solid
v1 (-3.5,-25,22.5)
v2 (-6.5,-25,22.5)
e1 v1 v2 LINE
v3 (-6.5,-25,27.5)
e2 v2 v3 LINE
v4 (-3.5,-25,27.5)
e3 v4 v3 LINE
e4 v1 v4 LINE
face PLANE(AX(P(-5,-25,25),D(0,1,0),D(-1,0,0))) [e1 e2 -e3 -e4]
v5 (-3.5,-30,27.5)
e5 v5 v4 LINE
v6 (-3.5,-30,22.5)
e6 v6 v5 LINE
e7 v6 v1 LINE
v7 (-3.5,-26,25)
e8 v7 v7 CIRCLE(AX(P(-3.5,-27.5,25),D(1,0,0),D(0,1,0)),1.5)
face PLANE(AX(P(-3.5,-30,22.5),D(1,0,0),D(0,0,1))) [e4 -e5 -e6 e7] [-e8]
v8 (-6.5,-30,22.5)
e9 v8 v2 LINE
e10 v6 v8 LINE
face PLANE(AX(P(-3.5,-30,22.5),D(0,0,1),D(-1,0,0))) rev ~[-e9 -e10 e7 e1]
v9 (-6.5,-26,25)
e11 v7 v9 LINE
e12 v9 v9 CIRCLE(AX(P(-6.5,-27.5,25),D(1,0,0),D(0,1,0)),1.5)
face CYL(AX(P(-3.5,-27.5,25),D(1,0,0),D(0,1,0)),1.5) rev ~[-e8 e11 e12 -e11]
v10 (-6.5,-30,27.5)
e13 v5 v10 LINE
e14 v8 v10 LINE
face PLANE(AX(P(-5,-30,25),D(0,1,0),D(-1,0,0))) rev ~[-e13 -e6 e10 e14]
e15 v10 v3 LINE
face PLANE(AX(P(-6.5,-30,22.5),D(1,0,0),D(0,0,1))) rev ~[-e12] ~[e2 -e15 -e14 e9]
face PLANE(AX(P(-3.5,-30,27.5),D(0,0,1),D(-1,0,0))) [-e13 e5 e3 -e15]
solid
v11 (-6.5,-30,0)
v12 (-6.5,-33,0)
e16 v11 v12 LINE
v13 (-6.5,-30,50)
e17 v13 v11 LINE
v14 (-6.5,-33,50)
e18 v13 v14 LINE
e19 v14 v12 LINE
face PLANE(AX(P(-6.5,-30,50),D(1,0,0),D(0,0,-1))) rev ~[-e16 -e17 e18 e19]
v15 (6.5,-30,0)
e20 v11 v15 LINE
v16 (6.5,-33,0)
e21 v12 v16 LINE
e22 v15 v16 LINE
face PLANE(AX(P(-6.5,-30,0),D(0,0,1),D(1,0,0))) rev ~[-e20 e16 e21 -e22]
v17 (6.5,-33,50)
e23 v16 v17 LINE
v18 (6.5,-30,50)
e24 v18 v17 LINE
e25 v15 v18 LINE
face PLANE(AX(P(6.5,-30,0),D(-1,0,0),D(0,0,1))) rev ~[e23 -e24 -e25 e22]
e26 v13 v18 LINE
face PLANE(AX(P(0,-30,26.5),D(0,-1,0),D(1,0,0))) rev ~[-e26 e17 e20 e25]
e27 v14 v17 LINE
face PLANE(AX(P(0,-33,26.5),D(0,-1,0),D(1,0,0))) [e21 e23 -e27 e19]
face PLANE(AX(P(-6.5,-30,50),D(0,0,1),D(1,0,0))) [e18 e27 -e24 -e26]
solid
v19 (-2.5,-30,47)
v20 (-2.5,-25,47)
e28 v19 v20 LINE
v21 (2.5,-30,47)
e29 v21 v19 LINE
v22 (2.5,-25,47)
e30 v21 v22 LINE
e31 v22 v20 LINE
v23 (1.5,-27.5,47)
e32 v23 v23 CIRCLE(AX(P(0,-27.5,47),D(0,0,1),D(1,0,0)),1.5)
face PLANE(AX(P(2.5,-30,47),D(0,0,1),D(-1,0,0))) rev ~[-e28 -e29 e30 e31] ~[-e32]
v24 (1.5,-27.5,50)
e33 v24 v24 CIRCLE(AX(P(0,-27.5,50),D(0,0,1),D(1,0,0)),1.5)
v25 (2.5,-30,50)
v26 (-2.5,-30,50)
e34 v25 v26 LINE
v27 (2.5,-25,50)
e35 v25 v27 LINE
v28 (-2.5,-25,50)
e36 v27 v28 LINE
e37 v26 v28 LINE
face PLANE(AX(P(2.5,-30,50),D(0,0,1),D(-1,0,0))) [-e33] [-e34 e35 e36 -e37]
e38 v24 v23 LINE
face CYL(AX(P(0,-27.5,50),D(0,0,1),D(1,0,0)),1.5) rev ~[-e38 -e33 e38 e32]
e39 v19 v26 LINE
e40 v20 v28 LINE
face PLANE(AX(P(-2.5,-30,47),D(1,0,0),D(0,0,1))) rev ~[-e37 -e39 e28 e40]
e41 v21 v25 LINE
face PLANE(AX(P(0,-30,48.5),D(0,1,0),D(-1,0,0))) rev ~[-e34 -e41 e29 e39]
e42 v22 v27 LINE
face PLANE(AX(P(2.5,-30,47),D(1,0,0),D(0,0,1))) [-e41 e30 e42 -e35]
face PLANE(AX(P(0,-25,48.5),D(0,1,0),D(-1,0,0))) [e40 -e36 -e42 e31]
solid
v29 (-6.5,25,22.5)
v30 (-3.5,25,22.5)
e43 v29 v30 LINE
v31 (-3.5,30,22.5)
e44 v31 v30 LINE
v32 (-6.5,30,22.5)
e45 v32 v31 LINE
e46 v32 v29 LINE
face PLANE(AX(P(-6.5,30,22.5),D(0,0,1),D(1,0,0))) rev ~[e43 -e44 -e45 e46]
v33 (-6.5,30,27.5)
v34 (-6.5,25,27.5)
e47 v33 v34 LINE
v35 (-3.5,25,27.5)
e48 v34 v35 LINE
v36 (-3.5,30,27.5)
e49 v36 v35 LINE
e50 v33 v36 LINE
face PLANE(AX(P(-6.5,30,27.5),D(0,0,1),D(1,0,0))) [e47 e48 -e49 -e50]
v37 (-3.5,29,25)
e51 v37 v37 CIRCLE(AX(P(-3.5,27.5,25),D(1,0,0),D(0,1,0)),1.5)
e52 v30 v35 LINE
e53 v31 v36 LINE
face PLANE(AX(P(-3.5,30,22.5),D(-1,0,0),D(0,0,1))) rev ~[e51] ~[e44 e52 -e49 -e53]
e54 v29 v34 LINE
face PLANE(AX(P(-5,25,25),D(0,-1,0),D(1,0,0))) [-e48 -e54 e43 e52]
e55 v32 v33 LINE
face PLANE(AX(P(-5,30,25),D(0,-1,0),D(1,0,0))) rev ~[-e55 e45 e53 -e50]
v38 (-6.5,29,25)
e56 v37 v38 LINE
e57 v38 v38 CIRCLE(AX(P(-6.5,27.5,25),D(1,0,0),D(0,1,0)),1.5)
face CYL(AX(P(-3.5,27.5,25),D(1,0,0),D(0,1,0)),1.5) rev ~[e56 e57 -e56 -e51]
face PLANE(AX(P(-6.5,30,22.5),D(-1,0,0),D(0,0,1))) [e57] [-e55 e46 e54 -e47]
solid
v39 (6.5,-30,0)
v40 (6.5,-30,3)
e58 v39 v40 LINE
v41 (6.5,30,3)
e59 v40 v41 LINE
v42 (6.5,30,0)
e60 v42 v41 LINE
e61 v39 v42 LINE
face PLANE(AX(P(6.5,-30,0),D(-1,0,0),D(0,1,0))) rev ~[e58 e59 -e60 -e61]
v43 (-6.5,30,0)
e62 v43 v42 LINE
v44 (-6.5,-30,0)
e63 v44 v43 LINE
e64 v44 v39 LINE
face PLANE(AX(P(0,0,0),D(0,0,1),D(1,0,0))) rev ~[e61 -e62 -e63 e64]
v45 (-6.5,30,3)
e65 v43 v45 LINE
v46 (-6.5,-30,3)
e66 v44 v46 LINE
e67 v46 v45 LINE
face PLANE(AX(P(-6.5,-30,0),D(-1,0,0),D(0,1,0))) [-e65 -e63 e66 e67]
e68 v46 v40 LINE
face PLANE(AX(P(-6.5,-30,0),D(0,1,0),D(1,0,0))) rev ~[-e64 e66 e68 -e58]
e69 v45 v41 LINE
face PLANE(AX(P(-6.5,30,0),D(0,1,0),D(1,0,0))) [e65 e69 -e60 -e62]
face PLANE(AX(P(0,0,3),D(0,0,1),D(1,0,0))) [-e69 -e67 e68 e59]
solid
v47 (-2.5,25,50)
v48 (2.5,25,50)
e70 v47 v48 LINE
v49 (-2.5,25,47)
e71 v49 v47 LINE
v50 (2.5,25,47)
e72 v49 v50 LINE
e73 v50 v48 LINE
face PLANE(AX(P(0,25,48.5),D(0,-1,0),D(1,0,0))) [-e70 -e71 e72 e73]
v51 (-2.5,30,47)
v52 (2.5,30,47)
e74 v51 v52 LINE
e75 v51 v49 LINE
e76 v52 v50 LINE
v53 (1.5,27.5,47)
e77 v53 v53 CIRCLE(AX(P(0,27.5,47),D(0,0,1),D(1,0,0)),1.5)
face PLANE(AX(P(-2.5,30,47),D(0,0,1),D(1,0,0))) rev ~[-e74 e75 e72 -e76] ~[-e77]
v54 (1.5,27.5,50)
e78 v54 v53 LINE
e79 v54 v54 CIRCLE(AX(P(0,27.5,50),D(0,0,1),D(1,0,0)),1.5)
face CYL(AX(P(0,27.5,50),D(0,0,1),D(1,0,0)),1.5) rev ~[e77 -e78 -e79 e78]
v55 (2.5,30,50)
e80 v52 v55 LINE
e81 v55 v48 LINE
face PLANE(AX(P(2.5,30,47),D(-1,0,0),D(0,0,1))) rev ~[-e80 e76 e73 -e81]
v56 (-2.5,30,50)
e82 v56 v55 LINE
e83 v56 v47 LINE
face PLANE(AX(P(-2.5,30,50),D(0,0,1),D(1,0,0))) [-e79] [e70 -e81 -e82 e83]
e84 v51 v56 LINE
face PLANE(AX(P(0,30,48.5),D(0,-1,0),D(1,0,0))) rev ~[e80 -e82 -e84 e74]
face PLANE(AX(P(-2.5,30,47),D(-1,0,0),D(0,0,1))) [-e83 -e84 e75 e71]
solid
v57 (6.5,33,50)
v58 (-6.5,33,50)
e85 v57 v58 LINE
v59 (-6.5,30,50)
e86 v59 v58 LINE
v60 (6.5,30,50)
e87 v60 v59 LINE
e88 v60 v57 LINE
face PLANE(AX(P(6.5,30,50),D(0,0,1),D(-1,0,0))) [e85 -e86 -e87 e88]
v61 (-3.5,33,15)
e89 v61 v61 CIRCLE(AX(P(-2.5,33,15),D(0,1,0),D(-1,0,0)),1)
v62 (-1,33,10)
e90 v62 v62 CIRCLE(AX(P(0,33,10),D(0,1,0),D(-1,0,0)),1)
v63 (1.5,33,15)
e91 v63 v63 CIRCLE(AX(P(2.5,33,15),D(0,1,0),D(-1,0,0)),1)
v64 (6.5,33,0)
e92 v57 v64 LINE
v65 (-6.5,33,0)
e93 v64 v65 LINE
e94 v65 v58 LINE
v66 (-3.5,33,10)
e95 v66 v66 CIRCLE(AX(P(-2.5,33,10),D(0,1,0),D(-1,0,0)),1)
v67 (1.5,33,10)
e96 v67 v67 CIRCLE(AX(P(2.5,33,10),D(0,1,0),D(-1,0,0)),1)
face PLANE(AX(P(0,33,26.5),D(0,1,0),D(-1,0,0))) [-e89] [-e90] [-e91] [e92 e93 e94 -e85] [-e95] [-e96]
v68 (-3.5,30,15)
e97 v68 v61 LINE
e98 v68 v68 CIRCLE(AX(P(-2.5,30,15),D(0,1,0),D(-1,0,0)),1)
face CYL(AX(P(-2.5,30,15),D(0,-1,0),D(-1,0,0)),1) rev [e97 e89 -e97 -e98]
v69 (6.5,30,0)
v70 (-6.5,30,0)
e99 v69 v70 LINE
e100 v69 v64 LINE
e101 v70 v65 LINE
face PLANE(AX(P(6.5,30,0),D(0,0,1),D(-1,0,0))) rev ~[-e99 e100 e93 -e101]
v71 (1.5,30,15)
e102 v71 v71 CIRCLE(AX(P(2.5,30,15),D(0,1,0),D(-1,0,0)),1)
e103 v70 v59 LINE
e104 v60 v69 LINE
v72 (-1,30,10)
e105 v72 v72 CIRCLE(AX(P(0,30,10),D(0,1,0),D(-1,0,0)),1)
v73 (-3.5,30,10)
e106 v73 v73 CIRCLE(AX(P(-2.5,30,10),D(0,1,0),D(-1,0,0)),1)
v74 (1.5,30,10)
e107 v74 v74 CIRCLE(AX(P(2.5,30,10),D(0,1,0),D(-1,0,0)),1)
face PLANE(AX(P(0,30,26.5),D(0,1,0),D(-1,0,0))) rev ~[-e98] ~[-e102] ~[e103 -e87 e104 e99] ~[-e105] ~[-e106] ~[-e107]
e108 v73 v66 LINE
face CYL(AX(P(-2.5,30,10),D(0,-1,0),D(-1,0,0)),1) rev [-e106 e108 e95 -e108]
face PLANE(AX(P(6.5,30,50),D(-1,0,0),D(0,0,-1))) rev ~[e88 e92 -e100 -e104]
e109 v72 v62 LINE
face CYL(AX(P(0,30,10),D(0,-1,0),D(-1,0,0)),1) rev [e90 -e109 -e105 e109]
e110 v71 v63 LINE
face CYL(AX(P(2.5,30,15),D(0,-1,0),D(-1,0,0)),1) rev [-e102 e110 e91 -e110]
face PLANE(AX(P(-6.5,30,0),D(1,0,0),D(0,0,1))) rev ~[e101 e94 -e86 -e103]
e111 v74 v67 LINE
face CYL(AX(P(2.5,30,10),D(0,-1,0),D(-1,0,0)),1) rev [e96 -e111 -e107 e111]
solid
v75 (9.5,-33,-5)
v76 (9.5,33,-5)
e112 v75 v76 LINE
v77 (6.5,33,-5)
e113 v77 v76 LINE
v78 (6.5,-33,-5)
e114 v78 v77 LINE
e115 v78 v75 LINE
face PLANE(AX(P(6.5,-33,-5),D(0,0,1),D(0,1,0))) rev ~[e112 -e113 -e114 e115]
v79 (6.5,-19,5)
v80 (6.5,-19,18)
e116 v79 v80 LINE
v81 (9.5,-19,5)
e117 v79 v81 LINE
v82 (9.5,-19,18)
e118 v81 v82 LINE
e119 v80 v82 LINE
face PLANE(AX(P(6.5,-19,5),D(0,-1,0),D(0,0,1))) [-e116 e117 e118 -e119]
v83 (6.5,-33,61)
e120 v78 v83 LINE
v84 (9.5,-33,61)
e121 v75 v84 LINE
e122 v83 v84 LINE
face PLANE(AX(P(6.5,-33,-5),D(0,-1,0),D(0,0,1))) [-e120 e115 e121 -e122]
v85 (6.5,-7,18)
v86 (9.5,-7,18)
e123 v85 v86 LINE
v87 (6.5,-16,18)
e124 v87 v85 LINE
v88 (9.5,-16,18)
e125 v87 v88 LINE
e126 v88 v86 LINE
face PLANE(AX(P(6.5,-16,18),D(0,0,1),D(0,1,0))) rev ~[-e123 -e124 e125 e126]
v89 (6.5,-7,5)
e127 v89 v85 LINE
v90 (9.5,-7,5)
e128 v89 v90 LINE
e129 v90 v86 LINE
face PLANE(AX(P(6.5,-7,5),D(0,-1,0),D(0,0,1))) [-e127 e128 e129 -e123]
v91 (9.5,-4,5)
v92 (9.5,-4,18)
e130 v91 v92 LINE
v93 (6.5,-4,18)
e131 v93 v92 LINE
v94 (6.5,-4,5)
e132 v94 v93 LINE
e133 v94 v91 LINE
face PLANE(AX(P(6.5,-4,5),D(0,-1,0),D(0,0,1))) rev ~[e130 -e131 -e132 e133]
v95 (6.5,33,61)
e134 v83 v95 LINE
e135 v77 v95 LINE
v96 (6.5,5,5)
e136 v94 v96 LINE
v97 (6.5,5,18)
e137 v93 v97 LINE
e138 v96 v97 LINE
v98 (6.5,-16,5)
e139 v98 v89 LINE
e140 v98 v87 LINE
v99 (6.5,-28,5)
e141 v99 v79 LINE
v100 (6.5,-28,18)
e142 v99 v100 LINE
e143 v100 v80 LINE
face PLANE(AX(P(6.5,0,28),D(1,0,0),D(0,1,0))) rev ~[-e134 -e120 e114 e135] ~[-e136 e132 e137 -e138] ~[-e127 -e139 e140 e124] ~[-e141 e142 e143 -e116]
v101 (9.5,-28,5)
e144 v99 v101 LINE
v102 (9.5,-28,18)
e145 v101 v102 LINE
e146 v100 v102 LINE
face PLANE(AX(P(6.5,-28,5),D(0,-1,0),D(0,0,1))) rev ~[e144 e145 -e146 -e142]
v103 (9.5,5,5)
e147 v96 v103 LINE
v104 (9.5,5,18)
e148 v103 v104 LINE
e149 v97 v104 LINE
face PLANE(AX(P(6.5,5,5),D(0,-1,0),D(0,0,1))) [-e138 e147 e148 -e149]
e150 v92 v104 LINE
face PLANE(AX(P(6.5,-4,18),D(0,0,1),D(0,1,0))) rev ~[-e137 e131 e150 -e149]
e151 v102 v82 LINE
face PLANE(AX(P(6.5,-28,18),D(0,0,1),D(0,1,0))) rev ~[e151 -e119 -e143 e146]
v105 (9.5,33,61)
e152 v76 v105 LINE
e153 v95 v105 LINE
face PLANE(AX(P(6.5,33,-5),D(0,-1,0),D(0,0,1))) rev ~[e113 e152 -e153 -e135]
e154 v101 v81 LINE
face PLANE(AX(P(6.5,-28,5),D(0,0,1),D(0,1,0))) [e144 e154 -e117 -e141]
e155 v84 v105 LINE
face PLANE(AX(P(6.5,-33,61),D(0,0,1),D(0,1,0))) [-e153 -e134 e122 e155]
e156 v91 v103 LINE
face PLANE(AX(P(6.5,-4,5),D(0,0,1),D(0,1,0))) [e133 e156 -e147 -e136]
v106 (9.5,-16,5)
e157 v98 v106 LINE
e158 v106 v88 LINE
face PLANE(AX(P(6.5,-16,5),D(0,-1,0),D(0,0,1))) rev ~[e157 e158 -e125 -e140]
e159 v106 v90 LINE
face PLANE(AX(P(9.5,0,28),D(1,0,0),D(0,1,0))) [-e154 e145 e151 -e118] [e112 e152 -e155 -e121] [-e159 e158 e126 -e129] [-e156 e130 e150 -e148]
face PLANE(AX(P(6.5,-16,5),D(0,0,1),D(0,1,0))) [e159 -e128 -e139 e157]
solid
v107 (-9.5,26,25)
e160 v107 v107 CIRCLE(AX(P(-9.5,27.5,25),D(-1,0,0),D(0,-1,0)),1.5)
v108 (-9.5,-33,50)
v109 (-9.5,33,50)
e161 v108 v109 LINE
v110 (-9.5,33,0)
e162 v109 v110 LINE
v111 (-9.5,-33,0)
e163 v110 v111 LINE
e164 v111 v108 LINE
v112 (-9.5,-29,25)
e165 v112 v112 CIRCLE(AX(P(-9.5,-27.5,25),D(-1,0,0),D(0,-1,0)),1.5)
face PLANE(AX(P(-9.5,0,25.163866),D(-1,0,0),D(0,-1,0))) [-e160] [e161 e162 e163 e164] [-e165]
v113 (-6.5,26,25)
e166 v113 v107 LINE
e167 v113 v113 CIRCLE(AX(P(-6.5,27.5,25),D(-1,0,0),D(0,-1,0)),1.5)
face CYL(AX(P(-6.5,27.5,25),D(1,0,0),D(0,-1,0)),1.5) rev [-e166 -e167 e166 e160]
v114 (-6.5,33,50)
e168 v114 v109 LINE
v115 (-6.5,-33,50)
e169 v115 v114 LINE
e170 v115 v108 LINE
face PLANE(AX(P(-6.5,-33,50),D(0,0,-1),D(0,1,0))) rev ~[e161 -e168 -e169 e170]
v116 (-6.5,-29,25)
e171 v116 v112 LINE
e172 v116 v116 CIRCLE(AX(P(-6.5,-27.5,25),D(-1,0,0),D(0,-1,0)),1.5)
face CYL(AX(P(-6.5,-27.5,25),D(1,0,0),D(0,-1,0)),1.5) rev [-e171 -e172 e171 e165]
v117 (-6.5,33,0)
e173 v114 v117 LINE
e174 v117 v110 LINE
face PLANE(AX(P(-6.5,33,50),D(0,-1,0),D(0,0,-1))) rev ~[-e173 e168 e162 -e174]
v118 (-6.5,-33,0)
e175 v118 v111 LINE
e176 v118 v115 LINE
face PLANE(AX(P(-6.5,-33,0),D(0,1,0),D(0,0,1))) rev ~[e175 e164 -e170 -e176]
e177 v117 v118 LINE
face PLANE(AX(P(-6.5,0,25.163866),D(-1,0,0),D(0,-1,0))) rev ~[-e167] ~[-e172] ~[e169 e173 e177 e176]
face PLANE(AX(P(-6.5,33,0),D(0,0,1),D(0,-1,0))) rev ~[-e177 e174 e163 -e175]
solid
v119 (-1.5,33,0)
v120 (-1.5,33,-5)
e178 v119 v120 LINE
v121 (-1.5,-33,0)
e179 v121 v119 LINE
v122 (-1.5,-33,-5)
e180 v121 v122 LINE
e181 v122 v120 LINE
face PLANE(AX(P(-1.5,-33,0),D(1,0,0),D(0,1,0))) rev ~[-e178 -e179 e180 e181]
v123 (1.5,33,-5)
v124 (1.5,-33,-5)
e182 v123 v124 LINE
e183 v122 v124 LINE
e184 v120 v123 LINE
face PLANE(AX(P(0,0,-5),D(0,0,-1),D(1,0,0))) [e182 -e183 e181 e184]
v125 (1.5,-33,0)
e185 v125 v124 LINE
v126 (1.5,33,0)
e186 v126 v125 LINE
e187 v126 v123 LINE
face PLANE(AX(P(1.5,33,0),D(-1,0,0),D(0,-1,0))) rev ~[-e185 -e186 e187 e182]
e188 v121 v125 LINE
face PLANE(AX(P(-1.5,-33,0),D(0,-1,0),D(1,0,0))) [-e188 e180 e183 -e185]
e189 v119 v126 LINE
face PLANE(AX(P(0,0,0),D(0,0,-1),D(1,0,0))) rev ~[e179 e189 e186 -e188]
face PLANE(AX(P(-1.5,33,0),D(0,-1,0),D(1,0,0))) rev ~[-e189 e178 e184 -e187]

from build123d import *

# Parameters (mm, degrees)
F0_W      = 13
F0_H      = 60
F1_DEPTH  = 3
F2_W      = 13
F2_H      = 47
F2_R      = 1
F2_H_2    = 3
F3_DEPTH  = 3
F4_W      = 13
F4_H      = 47
F4_H_2    = 3
F5_DEPTH  = 3
F6_W      = 66
F6_H      = 66
F6_W_2    = 9
F6_H_2    = 13
F6_W_3    = 60
F6_H_3    = 3
F7_DEPTH  = 3
F8_R      = 1.5
F8_W      = 60
F8_H      = 3
F9_DEPTH  = 3
F10_W     = 3
F10_H     = 60
F10_H_2   = 3
F11_DEPTH = 5
F12_W     = 5
F12_H     = 3
F13_DEPTH = 5
F12_W_2   = 3
F12_H_2   = 5
F14_R     = 1.5
F15_DEPTH = 3
F16_R     = 1.5
F17_DEPTH = 3
F18_W     = 3
F18_H     = 5
F19_DEPTH = 5
F18_W_2   = 5
F18_H_2   = 3
F20_R     = 1.5
F21_DEPTH = 3
F22_R     = 1.5
F23_DEPTH = 3


with BuildPart() as f1:
    # F0 (on Top) → F1 (new body)
    with BuildSketch(Plane.XY):
        Rectangle(F0_W, F0_H)
    extrude(amount=F1_DEPTH)


with BuildPart() as f3:
    # F2 (on face) → F3 (new body)
    with BuildSketch(Plane(origin=(0, 30, 0), x_dir=(-1, 0, 0), z_dir=(0, 1, 0))):
        with Locations((0, 26.5)):
            Rectangle(F2_W, F2_H)
        with Locations((-2.5, 10)):
            Circle(F2_R, mode=Mode.SUBTRACT)
        with Locations((-2.5, 15)):
            Circle(F2_R, mode=Mode.SUBTRACT)
        with Locations((0, 10)):
            Circle(F2_R, mode=Mode.SUBTRACT)
        with Locations((2.5, 10)):
            Circle(F2_R, mode=Mode.SUBTRACT)
        with Locations((2.5, 15)):
            Circle(F2_R, mode=Mode.SUBTRACT)
        with Locations((0, 1.5)):
            Rectangle(F2_W, F2_H_2)
    extrude(amount=F3_DEPTH)


with BuildPart() as f5:
    # F4 (on face) → F5 (new body)
    with BuildSketch(Plane.XZ.offset(30)):
        with Locations((0, 26.5)):
            Rectangle(F4_W, F4_H)
        with Locations((0, 1.5)):
            Rectangle(F4_W, F4_H_2)
    extrude(amount=F5_DEPTH)


with BuildPart() as f7:
    # F6 (on face) → F7 (new body)
    with BuildSketch(Plane.YZ.offset(6.5)):
        with Locations((0, 28)):
            Rectangle(F6_W, F6_H)
        with Locations((-23.5, 11.5)):
            Rectangle(F6_W_2, F6_H_2, mode=Mode.SUBTRACT)
        with Locations((-11.5, 11.5)):
            Rectangle(F6_W_2, F6_H_2, mode=Mode.SUBTRACT)
        with Locations((0, 1.5)):
            Rectangle(F6_W_3, F6_H_3, mode=Mode.SUBTRACT)
        with Locations((0.5, 11.5)):
            Rectangle(F6_W_2, F6_H_2, mode=Mode.SUBTRACT)
        with Locations((0, 1.5)):
            Rectangle(F6_W_3, F6_H_3)
    extrude(amount=F7_DEPTH)


with BuildPart() as f9:
    # F8 (on face) → F9 (new body)
    with BuildSketch(Plane(origin=(-6.5, 0, 0), x_dir=(0, -1, 0), z_dir=(-1, 0, 0))):
        Polygon((-33, 0), (-30, 0), (-30, 3), (30, 3), (30, 0), (33, 0), (33, 50), (-33, 50), align=None)
        with Locations((-27.5, 25)):
            Circle(F8_R, mode=Mode.SUBTRACT)
        with Locations((27.5, 25)):
            Circle(F8_R, mode=Mode.SUBTRACT)
        with Locations((0, 1.5)):
            Rectangle(F8_W, F8_H)
    extrude(amount=F9_DEPTH)


with BuildPart() as f11:
    # F10 (on face) → F11 (new body)
    with BuildSketch(Plane(origin=(0, 0, 0), x_dir=(1, 0, 0), z_dir=(0, 0, -1))):
        Rectangle(F10_W, F10_H)
        with Locations((0, -31.5)):
            Rectangle(F10_W, F10_H_2)
        with Locations((0, 31.5)):
            Rectangle(F10_W, F10_H_2)
    extrude(amount=F11_DEPTH)


with BuildPart() as f13:
    # F12 (on face) → F13 (new body)
    with BuildSketch(Plane.XZ.offset(-30)):
        with Locations((0, 48.5)):
            Rectangle(F12_W, F12_H)
    extrude(amount=F13_DEPTH)

    # F16 (on face) → F17 (cut)
    with BuildSketch(Plane.XY.offset(50)):
        with Locations((0, 27.5)):
            Circle(F16_R)
    extrude(amount=-F17_DEPTH, mode=Mode.SUBTRACT)


with BuildPart() as f13b:
    # F12 (on face) → F13, piece 2 (new body)
    with BuildSketch(Plane.XZ.offset(-30)):
        with Locations((-5, 25)):
            Rectangle(F12_W_2, F12_H_2)
    extrude(amount=F13_DEPTH)

    # F14 (on face) → F15 (cut)
    with BuildSketch(Plane.YZ.offset(-3.5)):
        with Locations((27.5, 25)):
            Circle(F14_R)
    extrude(amount=-F15_DEPTH, mode=Mode.SUBTRACT)


with BuildPart() as f19:
    # F18 (on face) → F19 (new body)
    with BuildSketch(Plane(origin=(0, -30, 0), x_dir=(-1, 0, 0), z_dir=(0, 1, 0))):
        with Locations((5, 25)):
            Rectangle(F18_W, F18_H)
    extrude(amount=F19_DEPTH)

    # F22 (on face) → F23 (cut)
    with BuildSketch(Plane.YZ.offset(-3.5)):
        with Locations((-27.5, 25)):
            Circle(F22_R)
    extrude(amount=-F23_DEPTH, mode=Mode.SUBTRACT)


with BuildPart() as f19b:
    # F18 (on face) → F19, piece 2 (new body)
    with BuildSketch(Plane(origin=(0, -30, 0), x_dir=(-1, 0, 0), z_dir=(0, 1, 0))):
        with Locations((0, 48.5)):
            Rectangle(F18_W_2, F18_H_2)
    extrude(amount=F19_DEPTH)

    # F20 (on face) → F21 (cut)
    with BuildSketch(Plane.XY.offset(50)):
        with Locations((0, -27.5)):
            Circle(F20_R)
    extrude(amount=-F21_DEPTH, mode=Mode.SUBTRACT)


solid = Compound([f1.part, f3.part, f5.part, f7.part, f9.part, f11.part, f13.part, f13b.part, f19.part, f19b.part])
